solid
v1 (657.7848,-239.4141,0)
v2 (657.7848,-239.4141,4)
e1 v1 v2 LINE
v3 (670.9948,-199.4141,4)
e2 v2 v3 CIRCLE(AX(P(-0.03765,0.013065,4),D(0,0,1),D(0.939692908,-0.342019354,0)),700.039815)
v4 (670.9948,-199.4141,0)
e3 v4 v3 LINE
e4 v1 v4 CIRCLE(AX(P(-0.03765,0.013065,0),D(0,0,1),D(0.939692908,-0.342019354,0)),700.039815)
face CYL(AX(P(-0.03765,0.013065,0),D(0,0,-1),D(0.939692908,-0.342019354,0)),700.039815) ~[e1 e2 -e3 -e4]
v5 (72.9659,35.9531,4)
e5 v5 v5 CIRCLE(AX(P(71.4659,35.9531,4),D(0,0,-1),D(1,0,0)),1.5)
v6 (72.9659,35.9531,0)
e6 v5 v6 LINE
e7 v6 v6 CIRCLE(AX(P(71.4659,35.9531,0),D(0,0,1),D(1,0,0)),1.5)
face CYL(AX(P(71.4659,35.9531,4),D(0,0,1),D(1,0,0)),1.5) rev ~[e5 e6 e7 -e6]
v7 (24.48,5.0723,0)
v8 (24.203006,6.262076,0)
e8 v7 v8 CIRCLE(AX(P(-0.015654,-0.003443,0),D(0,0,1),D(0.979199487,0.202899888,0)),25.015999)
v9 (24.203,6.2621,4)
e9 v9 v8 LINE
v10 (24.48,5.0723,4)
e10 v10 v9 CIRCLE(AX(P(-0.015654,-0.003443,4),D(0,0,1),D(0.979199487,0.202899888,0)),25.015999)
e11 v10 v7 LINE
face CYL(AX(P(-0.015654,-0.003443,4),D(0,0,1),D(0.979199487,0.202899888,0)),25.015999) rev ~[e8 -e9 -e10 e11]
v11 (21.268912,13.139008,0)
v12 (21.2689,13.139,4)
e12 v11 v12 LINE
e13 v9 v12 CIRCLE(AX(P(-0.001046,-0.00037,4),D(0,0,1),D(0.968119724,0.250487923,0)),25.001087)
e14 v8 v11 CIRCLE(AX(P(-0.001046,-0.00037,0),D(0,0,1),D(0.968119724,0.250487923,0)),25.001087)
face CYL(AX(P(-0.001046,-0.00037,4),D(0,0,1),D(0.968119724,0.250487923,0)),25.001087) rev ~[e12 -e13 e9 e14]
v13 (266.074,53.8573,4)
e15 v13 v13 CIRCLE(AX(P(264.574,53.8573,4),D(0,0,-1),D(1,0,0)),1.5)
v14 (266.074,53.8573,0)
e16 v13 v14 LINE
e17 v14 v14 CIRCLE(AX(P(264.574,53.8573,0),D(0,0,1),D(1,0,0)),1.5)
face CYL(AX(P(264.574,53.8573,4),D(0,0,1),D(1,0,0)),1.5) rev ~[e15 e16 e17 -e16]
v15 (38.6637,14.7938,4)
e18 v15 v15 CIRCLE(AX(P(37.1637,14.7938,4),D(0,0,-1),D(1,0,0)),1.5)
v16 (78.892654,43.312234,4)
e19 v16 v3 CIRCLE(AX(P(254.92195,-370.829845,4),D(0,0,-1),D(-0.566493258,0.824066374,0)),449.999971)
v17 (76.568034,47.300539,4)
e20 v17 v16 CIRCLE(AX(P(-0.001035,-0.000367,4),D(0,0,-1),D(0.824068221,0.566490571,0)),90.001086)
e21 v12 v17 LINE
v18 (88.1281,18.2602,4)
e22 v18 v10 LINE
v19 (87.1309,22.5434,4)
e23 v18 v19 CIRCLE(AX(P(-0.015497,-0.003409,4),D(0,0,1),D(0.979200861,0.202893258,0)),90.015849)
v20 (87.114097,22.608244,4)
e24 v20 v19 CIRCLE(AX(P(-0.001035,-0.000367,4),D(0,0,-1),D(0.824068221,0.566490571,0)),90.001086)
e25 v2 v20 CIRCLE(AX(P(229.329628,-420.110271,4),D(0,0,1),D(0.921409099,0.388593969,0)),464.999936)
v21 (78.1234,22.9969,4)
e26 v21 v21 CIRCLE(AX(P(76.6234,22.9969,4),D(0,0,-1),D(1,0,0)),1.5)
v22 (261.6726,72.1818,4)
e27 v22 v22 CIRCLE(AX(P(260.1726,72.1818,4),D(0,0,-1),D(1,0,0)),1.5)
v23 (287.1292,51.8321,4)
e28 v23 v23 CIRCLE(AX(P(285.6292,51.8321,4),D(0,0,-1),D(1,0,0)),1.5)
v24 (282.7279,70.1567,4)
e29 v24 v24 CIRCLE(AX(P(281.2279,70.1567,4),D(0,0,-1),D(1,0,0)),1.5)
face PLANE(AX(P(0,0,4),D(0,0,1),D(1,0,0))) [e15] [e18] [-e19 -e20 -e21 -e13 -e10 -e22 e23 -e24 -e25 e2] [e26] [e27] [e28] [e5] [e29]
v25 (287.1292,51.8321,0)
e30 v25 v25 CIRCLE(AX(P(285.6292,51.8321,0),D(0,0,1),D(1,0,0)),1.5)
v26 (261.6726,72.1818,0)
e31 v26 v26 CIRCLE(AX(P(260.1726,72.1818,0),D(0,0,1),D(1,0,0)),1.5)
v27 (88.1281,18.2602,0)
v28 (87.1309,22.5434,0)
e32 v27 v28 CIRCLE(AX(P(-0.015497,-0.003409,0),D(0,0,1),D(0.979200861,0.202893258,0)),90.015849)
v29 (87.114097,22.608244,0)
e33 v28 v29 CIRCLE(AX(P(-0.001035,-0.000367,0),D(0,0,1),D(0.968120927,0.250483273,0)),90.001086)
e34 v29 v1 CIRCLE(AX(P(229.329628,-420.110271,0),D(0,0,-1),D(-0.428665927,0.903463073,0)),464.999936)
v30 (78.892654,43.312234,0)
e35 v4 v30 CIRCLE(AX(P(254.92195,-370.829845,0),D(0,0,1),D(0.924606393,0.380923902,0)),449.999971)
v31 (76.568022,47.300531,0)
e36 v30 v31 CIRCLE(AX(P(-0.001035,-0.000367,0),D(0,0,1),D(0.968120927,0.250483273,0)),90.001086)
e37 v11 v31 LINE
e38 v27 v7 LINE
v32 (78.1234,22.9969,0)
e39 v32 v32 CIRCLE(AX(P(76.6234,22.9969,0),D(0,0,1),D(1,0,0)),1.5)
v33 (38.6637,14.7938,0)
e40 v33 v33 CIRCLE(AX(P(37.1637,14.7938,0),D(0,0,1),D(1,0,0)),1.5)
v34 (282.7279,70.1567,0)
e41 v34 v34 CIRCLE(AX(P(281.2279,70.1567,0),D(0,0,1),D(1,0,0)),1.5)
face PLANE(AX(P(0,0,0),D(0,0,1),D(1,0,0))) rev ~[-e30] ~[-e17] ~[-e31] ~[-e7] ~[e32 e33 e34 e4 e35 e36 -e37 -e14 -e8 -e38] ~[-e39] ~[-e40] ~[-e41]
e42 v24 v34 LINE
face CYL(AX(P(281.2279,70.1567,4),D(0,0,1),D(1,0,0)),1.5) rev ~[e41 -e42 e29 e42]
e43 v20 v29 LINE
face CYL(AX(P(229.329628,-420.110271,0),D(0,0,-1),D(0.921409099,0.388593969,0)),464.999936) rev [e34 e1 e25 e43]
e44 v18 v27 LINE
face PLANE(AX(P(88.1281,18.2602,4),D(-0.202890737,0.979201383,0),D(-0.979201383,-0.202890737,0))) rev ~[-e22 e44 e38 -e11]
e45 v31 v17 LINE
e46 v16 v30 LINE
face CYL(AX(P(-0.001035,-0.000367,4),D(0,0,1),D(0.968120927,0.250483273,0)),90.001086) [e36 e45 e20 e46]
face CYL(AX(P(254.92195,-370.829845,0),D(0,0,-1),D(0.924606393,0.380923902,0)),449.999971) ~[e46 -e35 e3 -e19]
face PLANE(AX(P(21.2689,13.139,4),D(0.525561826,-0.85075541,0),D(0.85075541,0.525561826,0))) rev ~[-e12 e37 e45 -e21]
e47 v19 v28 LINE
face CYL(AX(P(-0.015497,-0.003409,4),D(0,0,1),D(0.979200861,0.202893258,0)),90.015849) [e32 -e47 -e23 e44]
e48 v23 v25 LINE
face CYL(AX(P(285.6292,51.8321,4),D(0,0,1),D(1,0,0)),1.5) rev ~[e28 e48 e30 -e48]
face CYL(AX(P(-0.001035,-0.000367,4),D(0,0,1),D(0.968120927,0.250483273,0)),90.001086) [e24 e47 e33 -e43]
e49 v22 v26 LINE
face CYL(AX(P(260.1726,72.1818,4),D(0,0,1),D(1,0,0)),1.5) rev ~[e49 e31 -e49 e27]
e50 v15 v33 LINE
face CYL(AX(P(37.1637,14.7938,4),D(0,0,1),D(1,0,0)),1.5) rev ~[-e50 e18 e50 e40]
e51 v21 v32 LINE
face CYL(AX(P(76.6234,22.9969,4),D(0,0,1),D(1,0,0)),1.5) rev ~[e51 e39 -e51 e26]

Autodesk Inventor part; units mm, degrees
ref_plane "YZ Plane" through (0, 0, 0) normal (1, 0, 0) x (0, 1, 0)
ref_plane "XZ Plane" through (0, 0, 0) normal (0, 1, 0) x (-1, 0, 0)
ref_plane "XY Plane" through (0, 0, 0) normal (0, 0, 1) x (1, 0, 0)
sketch "Sketch1" plane through (0, 0, 0) normal (0, 0, 1) x (1, 0, 0)
  arc A0 (670.9948, -199.4141) -> (0, 0) centre (254.9219, -370.8299) ccw
  arc A1 (657.7848, -239.4141) -> (30, 0) centre (229.3296, -420.1103) ccw
  arc A2 (657.7848, -239.4141) -> (670.9948, -199.4141) centre (0, 0) ccw
  line L0 (0, 0) -> (30, 0)
  line L1 (657.7848, -239.4141) -> (0, 0)
  line L2 (-143.7228, 0) -> (862.3369, 0) projected
  point P0 (0, 0)
  dimension "d1" = 30
  dimension "d2" = 40
  dimension "d4" = 20
  dimension "d5" = 465
  dimension "d6" = 450
  dimension "d22" = 700
extrude "Extrusion1" add sketch "Sketch1" along normal blind 4 contours A2 A1 L2 A0 | L2 A1 L0 A0
sketch "Sketch2" plane through (0, 0, 4) normal (0, 0, 1) x (1, 0, 0)
  arc A0 (670.9948, -199.4141) -> (0, 0) centre (254.9219, -370.8299) ccw projected
  arc A1 (87.1309, 22.5434) -> (74.166, 50.9844) centre (0, 0) ccw
  line L0 (74.166, 50.9844) -> (0, 0)
  line L1 (0, 0) -> (87.1309, 22.5434)
  line L2 (0, 0) -> (30, 0) projected
  point P0 (78.8927, 43.3122)
  point P1 (0, 0)
  point P2 (0, 0)
  dimension "d9" = 90
  dimension "d16" = 20
extrude "Extrusion2" add sketch "Sketch2" against normal blind 4
sketch "Sketch4" plane through (0, 0, 4) normal (0, 0, 1) x (1, 0, 0)
  line L0 (86.0304, 22.2587) -> (87.1309, 22.5434) projected
  line L1 (74.166, 50.9844) -> (0, 0) projected
  line L2 (87.1309, 22.5434) -> (0, 0)
  line L3 (0, 0) -> (30, 0)
  arc A0 (86.0304, 22.2587) -> (30, 0) centre (229.3296, -420.1103) ccw projected
  line L4 (30, 0) -> (86.0304, 22.2587)
  point P0 (86.0304, 22.2587)
extrude "Extrusion4" cut sketch "Sketch4" against normal blind 10 contours A0 L3 L2
sketch "Sketch5" plane through (0, 0, 4) normal (0, 0, 1) x (1, 0, 0)
  line L0 (0, 0) -> (20.6017, 14.1623)
  line L1 (74.166, 50.9844) -> (0, 0) projected
  line L2 (0, 0) -> (87.1309, 22.5434) projected
  line L3 (24.203, 6.2621) -> (0, 0)
  arc A0 (24.203, 6.2621) -> (20.6017, 14.1623) centre (0, 0) ccw
  point P0 (24.203, 6.2621)
  dimension "d21" = 25
extrude "Extrusion5" cut sketch "Sketch5" against normal blind 10
sketch "Sketch6" plane through (0, 0, 4) normal (0, 0, 1) x (1, 0, 0)
  circle A0 centre (37.1637, 14.7938) radius 1.5
  circle A1 centre (71.4659, 35.9531) radius 1.5
  circle A2 centre (76.6234, 22.9969) radius 1.5
  line L0 (37.1637, 14.7938) -> (0, 0)
  line L1 (0, 0) -> (71.4659, 35.9531)
  line L2 (76.6234, 22.9969) -> (0, 0)
  line L3 (24.203, 6.2621) -> (87.1309, 22.5434) projected
  line L4 (74.166, 50.9844) -> (20.6017, 14.1623) projected
  line L5 (0, 0) -> (261.3927, 67.6302)
  line L6 (0, 0) -> (264.574, 53.8573)
  circle A3 centre (260.1726, 72.1818) radius 1.5
  circle A4 centre (264.574, 53.8573) radius 1.5
  circle A5 centre (281.2279, 70.1567) radius 1.5
  circle A6 centre (285.6292, 51.8321) radius 1.5
  line L7 (281.2279, 70.1567) -> (285.6292, 51.8321)
  line L8 (285.6292, 51.8321) -> (264.574, 53.8573)
  line L9 (264.574, 53.8573) -> (260.1726, 72.1818)
  line L10 (260.1726, 72.1818) -> (281.2279, 70.1567)
  line L11 (260.1726, 72.1818) -> (0, 0)
  dimension "d23" = 3
  dimension "d24" = 3
  dimension "d25" = 3
  dimension "d26" = 7.2
  dimension "d27" = 2.2
  dimension "d28" = 7.8
  dimension "d29" = 40
  dimension "d30" = 80
  dimension "d31" = 80
  dimension "d34" = 3
  dimension "d35" = 270
  dimension "d36" = 270
  dimension "d37" = 3
  dimension "d38" = 3
  dimension "d39" = 20
  dimension "d40" = 109
  dimension "d41" = 3
  dimension "d42" = 3
  dimension "d43" = 1
  dimension "d44" = 270
extrude "Extrusion6" cut sketch "Sketch6" against normal blind 10 contours A0 | A2 | A1 | A4 L9 L6 | L6 L8 A4 | L11 L9 A3 | A3 L10 L11 | L9 A4 L8 | L9 L10 A3 | L8 L7 A6 | A6 L7 L8 | L10 L7 A5 | A5 L7 L10
sketch "Sketch7" plane through (0, 0, 4) normal (0, 0, 1) x (1, 0, 0)
  line L0 (20.6017, 14.1623) -> (74.166, 50.9844) projected
  arc A0 (78.8927, 43.3122) -> (74.166, 50.9844) centre (0, 0) ccw projected
  line L1 (20.6017, 14.1623) -> (74.166, 50.9844)
  line L2 (74.166, 50.9844) -> (82.5313, 50.9844)
  arc A1 (21.2689, 13.139) -> (20.6017, 14.1623) centre (0, 0) ccw
  line L3 (21.2689, 13.139) -> (82.5313, 50.9844)
  line L4 (21.2689, 13.139) -> (0, 0)
  line L5 (0, 0) -> (20.6017, 14.1623)
  point P0 (76.568, 47.3005)
  dimension "d45" = 2.8
extrude "Extrusion7" cut sketch "Sketch7" against normal blind 10 contours L0 A0 L3 A1
sketch "Sketch8" plane through (0, 0, 4) normal (0, 0, 1) x (1, 0, 0)
  line L0 (87.1309, 22.5434) -> (24.203, 6.2621) projected
  line L1 (24.203, 6.2621) -> (87.1309, 22.5434)
  arc A0 (24.48, 5.0723) -> (24.203, 6.2621) centre (0, 0) ccw
  arc A1 (88.1281, 18.2602) -> (87.1309, 22.5434) centre (0, 0) ccw
  line L2 (88.1281, 18.2602) -> (24.48, 5.0723)
  line L3 (24.48, 5.0723) -> (0, 0)
  arc A2 (24.203, 6.2621) -> (21.2689, 13.139) centre (0, 0) ccw projected
  line L4 (0, 0) -> (24.203, 6.2621)
  arc A3 (78.8927, 43.3122) -> (76.568, 47.3005) centre (0, 0) ccw projected
  dimension "d48" = 2.8
extrude "Extrusion8" add sketch "Sketch8" against normal blind 4 contours A1 L2 A0 L0
properties part number "spoke"
